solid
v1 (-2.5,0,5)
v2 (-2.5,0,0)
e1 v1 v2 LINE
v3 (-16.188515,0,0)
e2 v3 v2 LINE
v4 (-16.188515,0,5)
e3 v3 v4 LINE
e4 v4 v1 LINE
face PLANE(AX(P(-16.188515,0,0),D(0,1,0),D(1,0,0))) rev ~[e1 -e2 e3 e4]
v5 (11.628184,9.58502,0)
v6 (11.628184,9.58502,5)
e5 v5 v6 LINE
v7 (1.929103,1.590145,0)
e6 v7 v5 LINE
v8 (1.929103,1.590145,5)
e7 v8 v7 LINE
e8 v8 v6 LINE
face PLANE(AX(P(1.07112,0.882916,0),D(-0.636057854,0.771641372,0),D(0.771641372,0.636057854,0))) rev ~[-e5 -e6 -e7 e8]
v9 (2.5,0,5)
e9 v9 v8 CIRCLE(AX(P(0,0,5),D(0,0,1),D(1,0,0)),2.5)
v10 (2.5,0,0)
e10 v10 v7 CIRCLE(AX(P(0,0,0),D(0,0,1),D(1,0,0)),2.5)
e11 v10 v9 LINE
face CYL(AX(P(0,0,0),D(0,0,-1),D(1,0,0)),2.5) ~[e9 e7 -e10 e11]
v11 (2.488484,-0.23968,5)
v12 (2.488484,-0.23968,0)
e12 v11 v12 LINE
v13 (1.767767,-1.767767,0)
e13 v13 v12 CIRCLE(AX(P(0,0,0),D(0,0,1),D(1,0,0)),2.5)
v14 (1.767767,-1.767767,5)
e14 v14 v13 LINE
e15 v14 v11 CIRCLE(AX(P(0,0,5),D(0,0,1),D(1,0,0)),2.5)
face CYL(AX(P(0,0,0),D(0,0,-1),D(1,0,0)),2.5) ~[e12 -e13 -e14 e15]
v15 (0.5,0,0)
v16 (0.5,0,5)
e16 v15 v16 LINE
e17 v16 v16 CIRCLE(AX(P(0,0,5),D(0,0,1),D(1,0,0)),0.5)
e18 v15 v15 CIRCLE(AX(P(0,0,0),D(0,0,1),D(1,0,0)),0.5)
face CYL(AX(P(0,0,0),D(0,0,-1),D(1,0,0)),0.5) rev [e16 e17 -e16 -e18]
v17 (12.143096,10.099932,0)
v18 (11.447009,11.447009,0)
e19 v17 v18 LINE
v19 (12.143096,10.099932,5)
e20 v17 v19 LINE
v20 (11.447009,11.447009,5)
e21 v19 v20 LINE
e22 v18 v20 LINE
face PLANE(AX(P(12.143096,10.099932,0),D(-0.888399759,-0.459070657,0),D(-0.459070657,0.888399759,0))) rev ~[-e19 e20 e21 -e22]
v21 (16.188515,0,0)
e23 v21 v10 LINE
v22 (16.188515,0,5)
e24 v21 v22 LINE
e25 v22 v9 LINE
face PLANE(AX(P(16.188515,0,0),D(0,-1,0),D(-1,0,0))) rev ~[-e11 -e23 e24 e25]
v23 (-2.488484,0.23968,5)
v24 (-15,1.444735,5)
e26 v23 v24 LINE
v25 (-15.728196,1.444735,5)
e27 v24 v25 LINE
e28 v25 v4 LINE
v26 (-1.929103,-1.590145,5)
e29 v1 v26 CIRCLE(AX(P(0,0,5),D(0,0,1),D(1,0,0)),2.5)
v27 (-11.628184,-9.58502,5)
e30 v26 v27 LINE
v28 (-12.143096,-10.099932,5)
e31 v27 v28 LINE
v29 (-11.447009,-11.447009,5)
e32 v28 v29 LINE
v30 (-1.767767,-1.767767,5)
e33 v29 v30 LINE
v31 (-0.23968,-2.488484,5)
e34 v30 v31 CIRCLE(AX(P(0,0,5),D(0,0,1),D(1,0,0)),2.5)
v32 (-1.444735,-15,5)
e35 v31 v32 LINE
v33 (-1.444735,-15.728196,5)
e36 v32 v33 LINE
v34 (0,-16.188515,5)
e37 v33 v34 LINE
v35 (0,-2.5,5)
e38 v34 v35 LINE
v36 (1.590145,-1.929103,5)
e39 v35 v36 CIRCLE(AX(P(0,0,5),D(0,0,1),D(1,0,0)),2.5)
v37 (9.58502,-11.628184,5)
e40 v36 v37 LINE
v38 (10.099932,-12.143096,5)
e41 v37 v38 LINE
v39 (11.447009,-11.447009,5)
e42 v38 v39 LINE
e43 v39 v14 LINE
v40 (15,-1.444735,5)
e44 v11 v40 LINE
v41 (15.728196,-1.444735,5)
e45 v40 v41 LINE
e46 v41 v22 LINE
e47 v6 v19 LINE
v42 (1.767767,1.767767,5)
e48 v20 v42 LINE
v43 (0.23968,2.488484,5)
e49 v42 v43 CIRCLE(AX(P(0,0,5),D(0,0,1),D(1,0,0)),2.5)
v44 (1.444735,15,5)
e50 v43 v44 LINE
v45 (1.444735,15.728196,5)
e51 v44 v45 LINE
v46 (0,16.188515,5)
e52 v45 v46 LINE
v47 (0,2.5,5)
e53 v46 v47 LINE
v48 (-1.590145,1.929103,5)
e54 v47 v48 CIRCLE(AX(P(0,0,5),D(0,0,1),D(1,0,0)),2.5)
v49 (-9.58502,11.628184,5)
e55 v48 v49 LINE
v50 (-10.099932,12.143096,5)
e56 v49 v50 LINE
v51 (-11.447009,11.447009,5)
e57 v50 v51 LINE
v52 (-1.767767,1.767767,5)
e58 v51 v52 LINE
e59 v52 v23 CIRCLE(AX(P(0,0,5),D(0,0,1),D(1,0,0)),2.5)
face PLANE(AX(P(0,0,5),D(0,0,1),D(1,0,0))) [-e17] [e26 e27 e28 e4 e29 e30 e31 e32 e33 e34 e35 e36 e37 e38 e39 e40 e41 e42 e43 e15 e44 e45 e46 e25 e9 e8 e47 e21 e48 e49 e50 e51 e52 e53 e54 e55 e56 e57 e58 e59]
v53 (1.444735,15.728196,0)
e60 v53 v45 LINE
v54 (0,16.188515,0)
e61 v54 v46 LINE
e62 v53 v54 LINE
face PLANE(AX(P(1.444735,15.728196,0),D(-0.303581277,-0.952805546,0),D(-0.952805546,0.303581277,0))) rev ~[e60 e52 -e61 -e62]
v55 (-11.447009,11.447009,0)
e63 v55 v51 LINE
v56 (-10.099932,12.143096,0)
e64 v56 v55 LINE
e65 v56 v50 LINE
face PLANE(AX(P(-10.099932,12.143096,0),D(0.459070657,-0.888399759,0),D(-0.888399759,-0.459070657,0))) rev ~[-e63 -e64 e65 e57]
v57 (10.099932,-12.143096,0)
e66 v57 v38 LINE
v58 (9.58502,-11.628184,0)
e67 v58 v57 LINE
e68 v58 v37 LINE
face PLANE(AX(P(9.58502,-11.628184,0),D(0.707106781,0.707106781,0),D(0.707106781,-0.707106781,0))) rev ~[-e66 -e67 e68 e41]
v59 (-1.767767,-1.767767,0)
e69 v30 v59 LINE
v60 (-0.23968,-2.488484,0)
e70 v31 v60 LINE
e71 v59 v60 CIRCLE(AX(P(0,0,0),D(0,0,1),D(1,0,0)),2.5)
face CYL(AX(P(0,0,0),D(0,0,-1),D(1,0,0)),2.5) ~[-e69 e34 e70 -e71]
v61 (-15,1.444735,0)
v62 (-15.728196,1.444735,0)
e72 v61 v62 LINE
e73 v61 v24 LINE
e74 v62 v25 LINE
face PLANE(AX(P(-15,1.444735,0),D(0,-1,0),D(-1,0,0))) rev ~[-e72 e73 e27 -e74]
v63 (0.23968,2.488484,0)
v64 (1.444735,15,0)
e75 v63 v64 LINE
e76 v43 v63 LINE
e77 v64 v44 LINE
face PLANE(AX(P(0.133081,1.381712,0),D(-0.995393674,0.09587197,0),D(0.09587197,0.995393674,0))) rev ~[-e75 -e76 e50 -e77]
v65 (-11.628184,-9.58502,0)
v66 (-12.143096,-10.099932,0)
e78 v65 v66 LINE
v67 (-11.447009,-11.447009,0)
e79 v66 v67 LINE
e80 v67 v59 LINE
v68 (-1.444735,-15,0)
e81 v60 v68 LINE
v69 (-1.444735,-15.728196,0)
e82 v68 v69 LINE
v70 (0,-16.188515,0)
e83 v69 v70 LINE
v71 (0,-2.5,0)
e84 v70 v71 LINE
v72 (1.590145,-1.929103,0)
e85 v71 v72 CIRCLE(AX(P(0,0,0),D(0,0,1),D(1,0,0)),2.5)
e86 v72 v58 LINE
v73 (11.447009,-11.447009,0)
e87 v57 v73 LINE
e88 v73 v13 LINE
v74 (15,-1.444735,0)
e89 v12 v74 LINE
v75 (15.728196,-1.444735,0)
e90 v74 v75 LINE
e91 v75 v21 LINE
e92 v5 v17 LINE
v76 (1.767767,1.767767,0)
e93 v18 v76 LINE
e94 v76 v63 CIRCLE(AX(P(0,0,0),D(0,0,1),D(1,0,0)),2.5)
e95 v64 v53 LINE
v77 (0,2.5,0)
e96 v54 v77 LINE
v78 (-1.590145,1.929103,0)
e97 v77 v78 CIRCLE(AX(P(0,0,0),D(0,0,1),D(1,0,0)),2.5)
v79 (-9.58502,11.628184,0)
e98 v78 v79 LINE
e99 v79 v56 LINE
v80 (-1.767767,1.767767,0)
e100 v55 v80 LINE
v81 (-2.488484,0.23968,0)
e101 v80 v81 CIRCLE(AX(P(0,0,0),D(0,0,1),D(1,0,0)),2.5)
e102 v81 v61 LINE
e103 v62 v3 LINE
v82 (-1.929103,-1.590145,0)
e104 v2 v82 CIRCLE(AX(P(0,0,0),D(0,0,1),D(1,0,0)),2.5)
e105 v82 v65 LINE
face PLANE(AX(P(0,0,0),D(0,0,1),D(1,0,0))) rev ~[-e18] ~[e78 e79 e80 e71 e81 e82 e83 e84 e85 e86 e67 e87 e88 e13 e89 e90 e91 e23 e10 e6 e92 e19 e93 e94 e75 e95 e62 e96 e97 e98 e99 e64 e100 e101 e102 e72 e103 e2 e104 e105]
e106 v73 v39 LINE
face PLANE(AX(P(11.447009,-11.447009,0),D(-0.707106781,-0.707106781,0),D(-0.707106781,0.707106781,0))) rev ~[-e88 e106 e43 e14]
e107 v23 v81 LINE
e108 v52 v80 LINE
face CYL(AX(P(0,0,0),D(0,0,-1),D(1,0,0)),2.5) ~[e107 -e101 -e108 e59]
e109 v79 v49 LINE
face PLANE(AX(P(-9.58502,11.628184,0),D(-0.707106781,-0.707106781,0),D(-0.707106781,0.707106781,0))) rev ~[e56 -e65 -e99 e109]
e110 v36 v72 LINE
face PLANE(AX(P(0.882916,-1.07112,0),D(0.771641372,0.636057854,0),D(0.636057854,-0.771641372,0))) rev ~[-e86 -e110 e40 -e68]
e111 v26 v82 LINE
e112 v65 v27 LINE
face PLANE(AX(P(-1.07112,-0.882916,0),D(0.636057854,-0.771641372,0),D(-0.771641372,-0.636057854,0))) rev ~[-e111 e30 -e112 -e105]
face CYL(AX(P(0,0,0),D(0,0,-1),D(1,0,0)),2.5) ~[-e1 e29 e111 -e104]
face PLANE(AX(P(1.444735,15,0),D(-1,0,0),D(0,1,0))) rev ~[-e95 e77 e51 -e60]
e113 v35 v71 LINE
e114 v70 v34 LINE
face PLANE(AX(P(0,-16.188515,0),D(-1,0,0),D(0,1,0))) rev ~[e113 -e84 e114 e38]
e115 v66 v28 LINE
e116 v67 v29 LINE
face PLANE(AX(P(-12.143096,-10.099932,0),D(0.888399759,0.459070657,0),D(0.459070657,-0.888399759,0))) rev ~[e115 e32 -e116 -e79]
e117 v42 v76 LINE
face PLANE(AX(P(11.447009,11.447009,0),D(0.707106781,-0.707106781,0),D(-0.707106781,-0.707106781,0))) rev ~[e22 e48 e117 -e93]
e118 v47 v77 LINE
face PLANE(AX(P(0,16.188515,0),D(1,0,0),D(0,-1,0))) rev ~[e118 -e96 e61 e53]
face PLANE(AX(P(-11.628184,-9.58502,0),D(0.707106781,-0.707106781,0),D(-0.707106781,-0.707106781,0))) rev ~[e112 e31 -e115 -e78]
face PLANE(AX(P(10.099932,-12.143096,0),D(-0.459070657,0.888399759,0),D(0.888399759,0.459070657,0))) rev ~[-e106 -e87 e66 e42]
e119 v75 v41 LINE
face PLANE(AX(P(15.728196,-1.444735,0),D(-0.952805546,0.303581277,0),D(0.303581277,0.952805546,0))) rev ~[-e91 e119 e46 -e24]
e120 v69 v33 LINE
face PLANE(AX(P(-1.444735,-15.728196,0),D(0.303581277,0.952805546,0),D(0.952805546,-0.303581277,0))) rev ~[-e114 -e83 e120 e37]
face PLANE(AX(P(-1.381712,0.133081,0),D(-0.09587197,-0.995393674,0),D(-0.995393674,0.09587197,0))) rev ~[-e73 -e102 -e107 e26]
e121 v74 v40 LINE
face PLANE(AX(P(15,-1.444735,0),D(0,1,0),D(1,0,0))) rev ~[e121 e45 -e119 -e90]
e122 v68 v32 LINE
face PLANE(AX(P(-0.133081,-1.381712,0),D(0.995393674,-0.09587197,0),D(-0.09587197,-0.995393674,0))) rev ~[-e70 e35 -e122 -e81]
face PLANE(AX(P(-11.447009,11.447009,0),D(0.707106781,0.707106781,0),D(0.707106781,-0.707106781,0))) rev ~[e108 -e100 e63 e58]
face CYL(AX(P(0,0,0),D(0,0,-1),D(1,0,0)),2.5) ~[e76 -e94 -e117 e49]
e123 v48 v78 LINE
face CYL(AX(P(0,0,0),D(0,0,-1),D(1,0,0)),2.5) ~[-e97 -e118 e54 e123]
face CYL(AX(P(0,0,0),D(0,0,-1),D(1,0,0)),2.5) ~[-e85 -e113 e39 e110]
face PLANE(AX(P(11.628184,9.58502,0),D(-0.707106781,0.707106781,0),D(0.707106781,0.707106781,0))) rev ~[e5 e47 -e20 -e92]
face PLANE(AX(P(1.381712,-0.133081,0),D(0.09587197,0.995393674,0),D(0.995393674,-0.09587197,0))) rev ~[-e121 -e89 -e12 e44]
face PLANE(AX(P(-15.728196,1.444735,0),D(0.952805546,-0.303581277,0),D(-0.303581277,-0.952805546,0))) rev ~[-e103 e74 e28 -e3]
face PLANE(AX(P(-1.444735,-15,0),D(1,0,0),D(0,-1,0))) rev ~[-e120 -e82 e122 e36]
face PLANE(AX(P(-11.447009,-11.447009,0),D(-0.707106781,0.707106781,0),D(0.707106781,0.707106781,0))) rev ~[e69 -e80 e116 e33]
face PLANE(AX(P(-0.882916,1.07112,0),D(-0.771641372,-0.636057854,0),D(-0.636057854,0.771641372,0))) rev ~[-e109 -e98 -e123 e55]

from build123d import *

# Parameters (mm, degrees)
F0_R     = 2.5
F0_R_2   = 0.5
F1_DEPTH = 5
F3_DEPTH = 5


with BuildPart() as f1:
    # F0 (on Top) → F1 (new body)
    with BuildSketch(Plane.XY):
        Circle(F0_R)
        Circle(F0_R_2, mode=Mode.SUBTRACT)
    extrude(amount=F1_DEPTH)

    # F2 (on Top) → F3 (join)
    with BuildSketch(Plane.XY):
        with BuildLine():
            ThreePointArc((-0.981539, 0.981539), (-0.933303, 1.027514), (-0.882916, 1.07112))
            Line((-0.882916, 1.07112), (-9.58502, 11.628184))
            Line((-9.58502, 11.628184), (-10.099932, 12.143096))
            Line((-10.099932, 12.143096), (-11.447009, 11.447009))
            Line((-11.447009, 11.447009), (-10.606602, 10.606602))
            Line((-10.606602, 10.606602), (-0.981539, 0.981539))
        make_face()
        with BuildLine():
            Line((0, 15), (0, 1.388106))
            ThreePointArc((0, 1.388106), (0.066617, 1.386507), (0.133081, 1.381712))
            Line((0.133081, 1.381712), (1.444735, 15))
            Line((1.444735, 15), (1.444735, 15.728196))
            Line((1.444735, 15.728196), (0, 16.188515))
            Line((0, 16.188515), (0, 15))
        make_face()
        with BuildLine():
            Line((10.606602, 10.606602), (0.981539, 0.981539))
            ThreePointArc((0.981539, 0.981539), (1.027514, 0.933303), (1.07112, 0.882916))
            Line((1.07112, 0.882916), (11.628184, 9.58502))
            Line((11.628184, 9.58502), (12.143096, 10.099932))
            Line((12.143096, 10.099932), (11.447009, 11.447009))
            Line((11.447009, 11.447009), (10.606602, 10.606602))
        make_face()
        with BuildLine():
            Line((15, 0), (1.388106, 0))
            ThreePointArc((1.388106, 0), (1.386507, -0.066617), (1.381712, -0.133081))
            Line((1.381712, -0.133081), (15, -1.444735))
            Line((15, -1.444735), (15.728196, -1.444735))
            Line((15.728196, -1.444735), (16.188515, 0))
            Line((16.188515, 0), (15, 0))
        make_face()
        with BuildLine():
            Line((10.606602, -10.606602), (0.981539, -0.981539))
            ThreePointArc((0.981539, -0.981539), (0.933303, -1.027514), (0.882916, -1.07112))
            Line((0.882916, -1.07112), (9.58502, -11.628184))
            Line((9.58502, -11.628184), (10.099932, -12.143096))
            Line((10.099932, -12.143096), (11.447009, -11.447009))
            Line((11.447009, -11.447009), (10.606602, -10.606602))
        make_face()
        with BuildLine():
            ThreePointArc((0, -1.388106), (-0.066617, -1.386507), (-0.133081, -1.381712))
            Line((-0.133081, -1.381712), (-1.444735, -15))
            Line((-1.444735, -15), (-1.444735, -15.728196))
            Line((-1.444735, -15.728196), (0, -16.188515))
            Line((0, -16.188515), (0, -15))
            Line((0, -15), (0, -1.388106))
        make_face()
        with BuildLine():
            ThreePointArc((-0.981539, -0.981539), (-1.027514, -0.933303), (-1.07112, -0.882916))
            Line((-1.07112, -0.882916), (-11.628184, -9.58502))
            Line((-11.628184, -9.58502), (-12.143096, -10.099932))
            Line((-12.143096, -10.099932), (-11.447009, -11.447009))
            Line((-11.447009, -11.447009), (-10.606602, -10.606602))
            Line((-10.606602, -10.606602), (-0.981539, -0.981539))
        make_face()
        with BuildLine():
            ThreePointArc((-1.388106, 0), (-1.386507, 0.066617), (-1.381712, 0.133081))
            Line((-1.381712, 0.133081), (-15, 1.444735))
            Line((-15, 1.444735), (-15.728196, 1.444735))
            Line((-15.728196, 1.444735), (-16.188515, 0))
            Line((-16.188515, 0), (-15, 0))
            Line((-15, 0), (-1.388106, 0))
        make_face()
    extrude(amount=F3_DEPTH)


solid = f1.part
